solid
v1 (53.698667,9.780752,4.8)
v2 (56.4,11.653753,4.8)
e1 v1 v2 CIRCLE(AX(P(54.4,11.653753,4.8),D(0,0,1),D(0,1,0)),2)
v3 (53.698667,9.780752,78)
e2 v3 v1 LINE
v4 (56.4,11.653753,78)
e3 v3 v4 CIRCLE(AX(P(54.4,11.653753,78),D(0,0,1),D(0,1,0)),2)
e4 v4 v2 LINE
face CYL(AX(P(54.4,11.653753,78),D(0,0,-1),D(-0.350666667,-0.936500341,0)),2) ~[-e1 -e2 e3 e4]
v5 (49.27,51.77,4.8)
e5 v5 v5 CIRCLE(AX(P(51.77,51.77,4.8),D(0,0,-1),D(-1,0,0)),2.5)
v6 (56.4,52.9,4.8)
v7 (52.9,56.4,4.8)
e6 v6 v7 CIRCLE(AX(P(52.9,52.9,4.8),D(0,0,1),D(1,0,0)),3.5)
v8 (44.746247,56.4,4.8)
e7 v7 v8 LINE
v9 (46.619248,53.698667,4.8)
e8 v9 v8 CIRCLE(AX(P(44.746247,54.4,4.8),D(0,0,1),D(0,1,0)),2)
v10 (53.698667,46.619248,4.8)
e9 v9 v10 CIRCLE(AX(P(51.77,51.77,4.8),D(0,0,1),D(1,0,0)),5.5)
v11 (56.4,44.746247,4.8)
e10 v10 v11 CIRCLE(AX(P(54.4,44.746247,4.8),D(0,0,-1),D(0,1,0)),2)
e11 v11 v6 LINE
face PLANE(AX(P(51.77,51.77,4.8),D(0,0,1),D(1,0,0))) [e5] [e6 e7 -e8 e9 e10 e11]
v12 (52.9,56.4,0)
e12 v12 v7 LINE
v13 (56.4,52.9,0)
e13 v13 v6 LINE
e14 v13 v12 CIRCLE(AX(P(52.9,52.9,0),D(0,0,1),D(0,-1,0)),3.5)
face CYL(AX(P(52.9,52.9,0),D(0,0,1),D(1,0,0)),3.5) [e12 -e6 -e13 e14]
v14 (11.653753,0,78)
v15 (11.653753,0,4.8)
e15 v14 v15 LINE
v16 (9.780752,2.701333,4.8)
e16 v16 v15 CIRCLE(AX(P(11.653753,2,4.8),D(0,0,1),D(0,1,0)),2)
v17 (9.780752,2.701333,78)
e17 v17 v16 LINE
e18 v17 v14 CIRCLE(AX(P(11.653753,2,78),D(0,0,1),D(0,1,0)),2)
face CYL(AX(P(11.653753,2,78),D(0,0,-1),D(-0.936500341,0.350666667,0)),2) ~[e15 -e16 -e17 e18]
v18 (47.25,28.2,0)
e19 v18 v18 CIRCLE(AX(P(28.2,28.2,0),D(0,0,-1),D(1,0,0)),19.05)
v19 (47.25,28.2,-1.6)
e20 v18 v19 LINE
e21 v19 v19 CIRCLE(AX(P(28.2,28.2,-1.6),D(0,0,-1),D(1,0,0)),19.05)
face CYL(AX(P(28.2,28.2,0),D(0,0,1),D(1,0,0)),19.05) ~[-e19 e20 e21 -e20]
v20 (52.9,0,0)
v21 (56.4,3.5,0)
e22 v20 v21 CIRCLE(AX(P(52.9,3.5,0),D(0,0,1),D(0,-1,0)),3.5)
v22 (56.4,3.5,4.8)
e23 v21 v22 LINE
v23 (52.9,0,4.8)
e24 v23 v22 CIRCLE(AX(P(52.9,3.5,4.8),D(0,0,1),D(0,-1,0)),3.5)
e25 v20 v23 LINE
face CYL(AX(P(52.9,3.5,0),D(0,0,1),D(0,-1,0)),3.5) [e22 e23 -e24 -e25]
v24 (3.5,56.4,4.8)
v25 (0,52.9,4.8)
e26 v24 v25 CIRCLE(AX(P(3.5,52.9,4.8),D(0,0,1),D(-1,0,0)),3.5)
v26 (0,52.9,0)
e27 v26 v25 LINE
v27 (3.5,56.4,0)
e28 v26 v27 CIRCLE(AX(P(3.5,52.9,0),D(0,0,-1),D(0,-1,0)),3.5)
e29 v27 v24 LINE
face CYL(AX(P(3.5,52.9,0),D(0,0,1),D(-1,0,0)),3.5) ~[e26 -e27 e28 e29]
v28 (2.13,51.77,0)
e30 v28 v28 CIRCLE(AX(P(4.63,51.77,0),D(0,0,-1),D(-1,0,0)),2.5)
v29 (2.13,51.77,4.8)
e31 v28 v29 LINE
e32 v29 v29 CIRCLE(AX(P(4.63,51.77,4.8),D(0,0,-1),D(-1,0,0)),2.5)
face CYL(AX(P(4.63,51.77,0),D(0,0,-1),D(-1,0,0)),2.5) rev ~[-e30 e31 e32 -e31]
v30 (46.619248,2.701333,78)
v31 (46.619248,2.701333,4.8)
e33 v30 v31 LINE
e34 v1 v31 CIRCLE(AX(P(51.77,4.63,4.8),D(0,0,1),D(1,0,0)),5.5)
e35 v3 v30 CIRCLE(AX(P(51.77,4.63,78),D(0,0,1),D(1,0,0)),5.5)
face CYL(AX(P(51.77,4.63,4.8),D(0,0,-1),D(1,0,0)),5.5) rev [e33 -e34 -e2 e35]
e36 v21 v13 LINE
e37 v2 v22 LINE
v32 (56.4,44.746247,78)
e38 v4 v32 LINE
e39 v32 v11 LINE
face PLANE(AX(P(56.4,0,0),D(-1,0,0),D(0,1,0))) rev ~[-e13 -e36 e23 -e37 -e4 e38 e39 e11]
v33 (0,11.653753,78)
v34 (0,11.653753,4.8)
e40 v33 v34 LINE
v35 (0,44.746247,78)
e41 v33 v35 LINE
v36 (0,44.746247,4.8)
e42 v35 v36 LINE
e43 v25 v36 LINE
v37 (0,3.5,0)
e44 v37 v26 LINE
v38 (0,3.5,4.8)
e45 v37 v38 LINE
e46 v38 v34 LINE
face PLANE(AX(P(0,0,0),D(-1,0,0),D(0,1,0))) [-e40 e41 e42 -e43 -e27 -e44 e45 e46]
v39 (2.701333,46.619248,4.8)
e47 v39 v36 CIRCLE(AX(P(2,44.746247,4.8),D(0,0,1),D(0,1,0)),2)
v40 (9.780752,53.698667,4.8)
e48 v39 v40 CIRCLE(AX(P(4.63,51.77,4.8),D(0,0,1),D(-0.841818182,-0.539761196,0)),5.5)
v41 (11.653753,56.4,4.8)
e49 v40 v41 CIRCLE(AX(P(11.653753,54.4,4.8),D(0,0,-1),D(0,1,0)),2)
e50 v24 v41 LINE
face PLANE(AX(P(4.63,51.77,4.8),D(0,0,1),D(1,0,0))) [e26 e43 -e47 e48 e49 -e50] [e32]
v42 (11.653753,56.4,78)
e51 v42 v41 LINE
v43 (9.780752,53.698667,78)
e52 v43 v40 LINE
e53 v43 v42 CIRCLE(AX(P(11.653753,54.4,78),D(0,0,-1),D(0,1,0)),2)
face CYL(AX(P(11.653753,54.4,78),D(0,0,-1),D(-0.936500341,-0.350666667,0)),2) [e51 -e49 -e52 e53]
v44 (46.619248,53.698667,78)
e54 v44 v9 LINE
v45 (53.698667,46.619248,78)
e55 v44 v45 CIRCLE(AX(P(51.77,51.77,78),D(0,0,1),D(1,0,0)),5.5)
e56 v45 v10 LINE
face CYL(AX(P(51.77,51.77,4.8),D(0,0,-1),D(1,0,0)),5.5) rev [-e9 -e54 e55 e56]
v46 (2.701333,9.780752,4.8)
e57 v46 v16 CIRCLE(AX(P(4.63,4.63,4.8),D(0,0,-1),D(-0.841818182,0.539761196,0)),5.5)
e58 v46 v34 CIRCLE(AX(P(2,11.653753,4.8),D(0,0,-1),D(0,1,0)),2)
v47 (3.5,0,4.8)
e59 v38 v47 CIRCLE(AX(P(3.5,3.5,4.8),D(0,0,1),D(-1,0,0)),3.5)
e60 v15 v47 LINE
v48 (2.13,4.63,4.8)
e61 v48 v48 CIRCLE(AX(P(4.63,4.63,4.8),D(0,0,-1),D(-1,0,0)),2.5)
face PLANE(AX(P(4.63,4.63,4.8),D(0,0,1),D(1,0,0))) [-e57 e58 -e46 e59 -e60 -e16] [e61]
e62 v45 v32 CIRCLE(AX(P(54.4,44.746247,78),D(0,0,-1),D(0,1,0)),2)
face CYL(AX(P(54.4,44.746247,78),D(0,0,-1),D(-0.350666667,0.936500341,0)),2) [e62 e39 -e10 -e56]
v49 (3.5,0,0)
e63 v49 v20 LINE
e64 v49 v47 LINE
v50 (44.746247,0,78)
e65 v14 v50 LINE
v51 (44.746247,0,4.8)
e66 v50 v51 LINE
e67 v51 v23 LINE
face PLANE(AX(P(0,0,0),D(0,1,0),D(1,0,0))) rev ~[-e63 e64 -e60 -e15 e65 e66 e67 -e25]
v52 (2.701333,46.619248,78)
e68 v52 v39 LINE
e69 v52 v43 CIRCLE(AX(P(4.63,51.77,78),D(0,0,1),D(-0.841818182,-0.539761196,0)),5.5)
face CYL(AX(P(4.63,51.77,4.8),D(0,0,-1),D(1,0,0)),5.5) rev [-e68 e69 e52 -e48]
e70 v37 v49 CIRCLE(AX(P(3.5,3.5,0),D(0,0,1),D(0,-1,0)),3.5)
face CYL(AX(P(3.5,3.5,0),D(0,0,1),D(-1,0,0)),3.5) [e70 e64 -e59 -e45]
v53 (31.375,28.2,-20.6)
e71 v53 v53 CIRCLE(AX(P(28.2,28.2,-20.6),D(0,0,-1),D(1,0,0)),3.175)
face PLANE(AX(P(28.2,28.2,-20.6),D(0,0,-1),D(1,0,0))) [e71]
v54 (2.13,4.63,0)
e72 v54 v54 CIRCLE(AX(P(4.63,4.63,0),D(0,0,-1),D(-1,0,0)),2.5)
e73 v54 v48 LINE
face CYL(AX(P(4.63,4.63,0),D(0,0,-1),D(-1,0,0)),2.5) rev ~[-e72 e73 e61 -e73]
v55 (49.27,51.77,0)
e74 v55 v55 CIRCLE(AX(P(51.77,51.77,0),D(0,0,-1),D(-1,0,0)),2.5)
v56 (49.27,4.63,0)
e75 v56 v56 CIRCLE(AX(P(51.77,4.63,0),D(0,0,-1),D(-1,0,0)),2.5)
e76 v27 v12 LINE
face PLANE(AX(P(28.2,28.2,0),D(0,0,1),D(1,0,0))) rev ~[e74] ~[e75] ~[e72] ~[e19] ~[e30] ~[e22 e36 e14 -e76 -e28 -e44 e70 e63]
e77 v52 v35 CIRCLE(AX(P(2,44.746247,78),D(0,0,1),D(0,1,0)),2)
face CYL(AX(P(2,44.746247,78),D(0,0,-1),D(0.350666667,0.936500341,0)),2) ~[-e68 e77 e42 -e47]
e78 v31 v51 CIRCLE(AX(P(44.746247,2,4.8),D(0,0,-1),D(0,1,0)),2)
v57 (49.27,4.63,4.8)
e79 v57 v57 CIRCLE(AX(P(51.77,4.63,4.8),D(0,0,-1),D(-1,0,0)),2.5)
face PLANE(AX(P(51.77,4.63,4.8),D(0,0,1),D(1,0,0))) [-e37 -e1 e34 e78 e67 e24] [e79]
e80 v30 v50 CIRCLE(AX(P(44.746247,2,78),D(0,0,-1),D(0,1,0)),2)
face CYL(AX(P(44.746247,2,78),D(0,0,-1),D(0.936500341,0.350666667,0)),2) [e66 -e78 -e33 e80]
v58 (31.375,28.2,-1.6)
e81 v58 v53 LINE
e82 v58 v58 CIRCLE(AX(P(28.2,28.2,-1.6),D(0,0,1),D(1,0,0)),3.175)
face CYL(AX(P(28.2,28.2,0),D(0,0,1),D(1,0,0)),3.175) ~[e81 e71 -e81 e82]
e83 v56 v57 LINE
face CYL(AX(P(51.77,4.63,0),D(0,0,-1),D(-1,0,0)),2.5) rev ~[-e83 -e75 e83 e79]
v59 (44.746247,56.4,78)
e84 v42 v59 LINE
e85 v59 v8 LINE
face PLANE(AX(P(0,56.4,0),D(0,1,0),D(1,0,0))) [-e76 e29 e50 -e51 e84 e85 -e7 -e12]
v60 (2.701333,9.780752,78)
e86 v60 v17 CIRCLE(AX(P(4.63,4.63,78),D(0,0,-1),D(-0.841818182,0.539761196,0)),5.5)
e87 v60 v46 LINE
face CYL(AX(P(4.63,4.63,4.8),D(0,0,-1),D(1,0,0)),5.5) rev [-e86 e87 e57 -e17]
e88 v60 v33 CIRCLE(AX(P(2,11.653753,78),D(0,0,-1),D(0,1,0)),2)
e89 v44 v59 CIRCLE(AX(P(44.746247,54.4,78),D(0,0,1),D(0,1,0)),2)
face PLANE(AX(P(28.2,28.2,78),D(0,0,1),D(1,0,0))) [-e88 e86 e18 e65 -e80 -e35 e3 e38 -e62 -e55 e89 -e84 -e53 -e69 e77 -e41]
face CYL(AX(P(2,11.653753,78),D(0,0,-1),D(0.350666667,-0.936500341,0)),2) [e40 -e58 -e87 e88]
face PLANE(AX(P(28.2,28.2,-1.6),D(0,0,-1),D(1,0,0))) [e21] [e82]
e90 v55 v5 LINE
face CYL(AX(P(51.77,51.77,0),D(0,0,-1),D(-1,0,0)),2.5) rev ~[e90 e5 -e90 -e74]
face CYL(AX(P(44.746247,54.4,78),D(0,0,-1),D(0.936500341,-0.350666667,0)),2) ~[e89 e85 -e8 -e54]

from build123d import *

# Parameters (mm, degrees)
SKETCH1_W           = 56.4
SKETCH1_H           = 56.4
BOSS_EXTRUDE1_DEPTH = 78
FILLET1_R           = 3.5
SKETCH2_R           = 19.05
BOSS_EXTRUDE2_DEPTH = 1.6
SKETCH4_R           = 3.175
BOSS_EXTRUDE3_DEPTH = 20.6
SKETCH5_R           = 2.5
CUT_EXTRUDE1_DEPTH  = 112.561283607
CUT_EXTRUDE2_START  = -73.2
SKETCH8_R           = 5.5
CUT_EXTRUDE2_DEPTH  = 73.2
FILLET2_R           = 2


with BuildPart() as part:
    # Sketch1 → Boss-Extrude1 (new body)
    with BuildSketch(Plane.XY):
        with Locations((28.2, 28.2)):
            Rectangle(SKETCH1_W, SKETCH1_H)
    extrude(amount=BOSS_EXTRUDE1_DEPTH)

    # Fillet1
    fillet1_edges = [part.edges().sort_by_distance(p)[0] for p in [
        (0, 56.4, 39),
        (56.4, 56.4, 39),
        (56.4, 0, 39),
        (0, 0, 39),
    ]]
    fillet(fillet1_edges, radius=FILLET1_R)

    # Sketch2 → Boss-Extrude2 (add)
    with BuildSketch(Plane(origin=(0, 0, 0), x_dir=(-1, 0, 0), z_dir=(0, 0, -1))):
        with Locations(Location((-28.2, 28.2, 0), (0, 0, 180))):
            Circle(SKETCH2_R)
    extrude(amount=BOSS_EXTRUDE2_DEPTH)

    # Sketch4 → Boss-Extrude3 (add)
    with BuildSketch(Plane(origin=(0, 0, 0), x_dir=(-1, 0, 0), z_dir=(0, 0, -1))):
        with Locations(Location((-28.2, 28.2, 0), (0, 0, 180))):
            Circle(SKETCH4_R)
    extrude(amount=BOSS_EXTRUDE3_DEPTH)

    # Sketch5 → Cut-Extrude1 (cut, through all)
    with BuildSketch(Plane(origin=(0, 0, 0), x_dir=(-1, 0, 0), z_dir=(0, 0, -1))):
        with Locations((-51.77, 51.77)):
            Circle(SKETCH5_R)
        with Locations((-4.63, 51.77)):
            Circle(SKETCH5_R)
        with Locations((-4.63, 4.63)):
            Circle(SKETCH5_R)
        with Locations((-51.77, 4.63)):
            Circle(SKETCH5_R)
    extrude(amount=-CUT_EXTRUDE1_DEPTH, mode=Mode.SUBTRACT)

    # Sketch8 → Cut-Extrude2 (cut)
    with BuildSketch(Plane.XY.offset(78).offset(CUT_EXTRUDE2_START)):
        with Locations((4.63, 51.77)):
            Circle(SKETCH8_R)
        with Locations((51.77, 51.77)):
            Circle(SKETCH8_R)
        with Locations((51.77, 4.63)):
            Circle(SKETCH8_R)
        with Locations((4.63, 4.63)):
            Circle(SKETCH8_R)
    extrude(amount=CUT_EXTRUDE2_DEPTH, mode=Mode.SUBTRACT)

    # Fillet2
    fillet2_edges = [part.edges().sort_by_distance(p)[0] for p in [
        (0, 7.598686578, 41.4),
        (7.598686578, 0, 41.4),
        (0, 48.801313422, 41.4),
        (7.598686578, 56.4, 41.4),
        (56.4, 48.801313422, 41.4),
        (48.801313422, 56.4, 41.4),
        (48.801313422, 0, 41.4),
        (56.4, 7.598686578, 41.4),
    ]]
    fillet(fillet2_edges, radius=FILLET2_R)


solid = part.part
